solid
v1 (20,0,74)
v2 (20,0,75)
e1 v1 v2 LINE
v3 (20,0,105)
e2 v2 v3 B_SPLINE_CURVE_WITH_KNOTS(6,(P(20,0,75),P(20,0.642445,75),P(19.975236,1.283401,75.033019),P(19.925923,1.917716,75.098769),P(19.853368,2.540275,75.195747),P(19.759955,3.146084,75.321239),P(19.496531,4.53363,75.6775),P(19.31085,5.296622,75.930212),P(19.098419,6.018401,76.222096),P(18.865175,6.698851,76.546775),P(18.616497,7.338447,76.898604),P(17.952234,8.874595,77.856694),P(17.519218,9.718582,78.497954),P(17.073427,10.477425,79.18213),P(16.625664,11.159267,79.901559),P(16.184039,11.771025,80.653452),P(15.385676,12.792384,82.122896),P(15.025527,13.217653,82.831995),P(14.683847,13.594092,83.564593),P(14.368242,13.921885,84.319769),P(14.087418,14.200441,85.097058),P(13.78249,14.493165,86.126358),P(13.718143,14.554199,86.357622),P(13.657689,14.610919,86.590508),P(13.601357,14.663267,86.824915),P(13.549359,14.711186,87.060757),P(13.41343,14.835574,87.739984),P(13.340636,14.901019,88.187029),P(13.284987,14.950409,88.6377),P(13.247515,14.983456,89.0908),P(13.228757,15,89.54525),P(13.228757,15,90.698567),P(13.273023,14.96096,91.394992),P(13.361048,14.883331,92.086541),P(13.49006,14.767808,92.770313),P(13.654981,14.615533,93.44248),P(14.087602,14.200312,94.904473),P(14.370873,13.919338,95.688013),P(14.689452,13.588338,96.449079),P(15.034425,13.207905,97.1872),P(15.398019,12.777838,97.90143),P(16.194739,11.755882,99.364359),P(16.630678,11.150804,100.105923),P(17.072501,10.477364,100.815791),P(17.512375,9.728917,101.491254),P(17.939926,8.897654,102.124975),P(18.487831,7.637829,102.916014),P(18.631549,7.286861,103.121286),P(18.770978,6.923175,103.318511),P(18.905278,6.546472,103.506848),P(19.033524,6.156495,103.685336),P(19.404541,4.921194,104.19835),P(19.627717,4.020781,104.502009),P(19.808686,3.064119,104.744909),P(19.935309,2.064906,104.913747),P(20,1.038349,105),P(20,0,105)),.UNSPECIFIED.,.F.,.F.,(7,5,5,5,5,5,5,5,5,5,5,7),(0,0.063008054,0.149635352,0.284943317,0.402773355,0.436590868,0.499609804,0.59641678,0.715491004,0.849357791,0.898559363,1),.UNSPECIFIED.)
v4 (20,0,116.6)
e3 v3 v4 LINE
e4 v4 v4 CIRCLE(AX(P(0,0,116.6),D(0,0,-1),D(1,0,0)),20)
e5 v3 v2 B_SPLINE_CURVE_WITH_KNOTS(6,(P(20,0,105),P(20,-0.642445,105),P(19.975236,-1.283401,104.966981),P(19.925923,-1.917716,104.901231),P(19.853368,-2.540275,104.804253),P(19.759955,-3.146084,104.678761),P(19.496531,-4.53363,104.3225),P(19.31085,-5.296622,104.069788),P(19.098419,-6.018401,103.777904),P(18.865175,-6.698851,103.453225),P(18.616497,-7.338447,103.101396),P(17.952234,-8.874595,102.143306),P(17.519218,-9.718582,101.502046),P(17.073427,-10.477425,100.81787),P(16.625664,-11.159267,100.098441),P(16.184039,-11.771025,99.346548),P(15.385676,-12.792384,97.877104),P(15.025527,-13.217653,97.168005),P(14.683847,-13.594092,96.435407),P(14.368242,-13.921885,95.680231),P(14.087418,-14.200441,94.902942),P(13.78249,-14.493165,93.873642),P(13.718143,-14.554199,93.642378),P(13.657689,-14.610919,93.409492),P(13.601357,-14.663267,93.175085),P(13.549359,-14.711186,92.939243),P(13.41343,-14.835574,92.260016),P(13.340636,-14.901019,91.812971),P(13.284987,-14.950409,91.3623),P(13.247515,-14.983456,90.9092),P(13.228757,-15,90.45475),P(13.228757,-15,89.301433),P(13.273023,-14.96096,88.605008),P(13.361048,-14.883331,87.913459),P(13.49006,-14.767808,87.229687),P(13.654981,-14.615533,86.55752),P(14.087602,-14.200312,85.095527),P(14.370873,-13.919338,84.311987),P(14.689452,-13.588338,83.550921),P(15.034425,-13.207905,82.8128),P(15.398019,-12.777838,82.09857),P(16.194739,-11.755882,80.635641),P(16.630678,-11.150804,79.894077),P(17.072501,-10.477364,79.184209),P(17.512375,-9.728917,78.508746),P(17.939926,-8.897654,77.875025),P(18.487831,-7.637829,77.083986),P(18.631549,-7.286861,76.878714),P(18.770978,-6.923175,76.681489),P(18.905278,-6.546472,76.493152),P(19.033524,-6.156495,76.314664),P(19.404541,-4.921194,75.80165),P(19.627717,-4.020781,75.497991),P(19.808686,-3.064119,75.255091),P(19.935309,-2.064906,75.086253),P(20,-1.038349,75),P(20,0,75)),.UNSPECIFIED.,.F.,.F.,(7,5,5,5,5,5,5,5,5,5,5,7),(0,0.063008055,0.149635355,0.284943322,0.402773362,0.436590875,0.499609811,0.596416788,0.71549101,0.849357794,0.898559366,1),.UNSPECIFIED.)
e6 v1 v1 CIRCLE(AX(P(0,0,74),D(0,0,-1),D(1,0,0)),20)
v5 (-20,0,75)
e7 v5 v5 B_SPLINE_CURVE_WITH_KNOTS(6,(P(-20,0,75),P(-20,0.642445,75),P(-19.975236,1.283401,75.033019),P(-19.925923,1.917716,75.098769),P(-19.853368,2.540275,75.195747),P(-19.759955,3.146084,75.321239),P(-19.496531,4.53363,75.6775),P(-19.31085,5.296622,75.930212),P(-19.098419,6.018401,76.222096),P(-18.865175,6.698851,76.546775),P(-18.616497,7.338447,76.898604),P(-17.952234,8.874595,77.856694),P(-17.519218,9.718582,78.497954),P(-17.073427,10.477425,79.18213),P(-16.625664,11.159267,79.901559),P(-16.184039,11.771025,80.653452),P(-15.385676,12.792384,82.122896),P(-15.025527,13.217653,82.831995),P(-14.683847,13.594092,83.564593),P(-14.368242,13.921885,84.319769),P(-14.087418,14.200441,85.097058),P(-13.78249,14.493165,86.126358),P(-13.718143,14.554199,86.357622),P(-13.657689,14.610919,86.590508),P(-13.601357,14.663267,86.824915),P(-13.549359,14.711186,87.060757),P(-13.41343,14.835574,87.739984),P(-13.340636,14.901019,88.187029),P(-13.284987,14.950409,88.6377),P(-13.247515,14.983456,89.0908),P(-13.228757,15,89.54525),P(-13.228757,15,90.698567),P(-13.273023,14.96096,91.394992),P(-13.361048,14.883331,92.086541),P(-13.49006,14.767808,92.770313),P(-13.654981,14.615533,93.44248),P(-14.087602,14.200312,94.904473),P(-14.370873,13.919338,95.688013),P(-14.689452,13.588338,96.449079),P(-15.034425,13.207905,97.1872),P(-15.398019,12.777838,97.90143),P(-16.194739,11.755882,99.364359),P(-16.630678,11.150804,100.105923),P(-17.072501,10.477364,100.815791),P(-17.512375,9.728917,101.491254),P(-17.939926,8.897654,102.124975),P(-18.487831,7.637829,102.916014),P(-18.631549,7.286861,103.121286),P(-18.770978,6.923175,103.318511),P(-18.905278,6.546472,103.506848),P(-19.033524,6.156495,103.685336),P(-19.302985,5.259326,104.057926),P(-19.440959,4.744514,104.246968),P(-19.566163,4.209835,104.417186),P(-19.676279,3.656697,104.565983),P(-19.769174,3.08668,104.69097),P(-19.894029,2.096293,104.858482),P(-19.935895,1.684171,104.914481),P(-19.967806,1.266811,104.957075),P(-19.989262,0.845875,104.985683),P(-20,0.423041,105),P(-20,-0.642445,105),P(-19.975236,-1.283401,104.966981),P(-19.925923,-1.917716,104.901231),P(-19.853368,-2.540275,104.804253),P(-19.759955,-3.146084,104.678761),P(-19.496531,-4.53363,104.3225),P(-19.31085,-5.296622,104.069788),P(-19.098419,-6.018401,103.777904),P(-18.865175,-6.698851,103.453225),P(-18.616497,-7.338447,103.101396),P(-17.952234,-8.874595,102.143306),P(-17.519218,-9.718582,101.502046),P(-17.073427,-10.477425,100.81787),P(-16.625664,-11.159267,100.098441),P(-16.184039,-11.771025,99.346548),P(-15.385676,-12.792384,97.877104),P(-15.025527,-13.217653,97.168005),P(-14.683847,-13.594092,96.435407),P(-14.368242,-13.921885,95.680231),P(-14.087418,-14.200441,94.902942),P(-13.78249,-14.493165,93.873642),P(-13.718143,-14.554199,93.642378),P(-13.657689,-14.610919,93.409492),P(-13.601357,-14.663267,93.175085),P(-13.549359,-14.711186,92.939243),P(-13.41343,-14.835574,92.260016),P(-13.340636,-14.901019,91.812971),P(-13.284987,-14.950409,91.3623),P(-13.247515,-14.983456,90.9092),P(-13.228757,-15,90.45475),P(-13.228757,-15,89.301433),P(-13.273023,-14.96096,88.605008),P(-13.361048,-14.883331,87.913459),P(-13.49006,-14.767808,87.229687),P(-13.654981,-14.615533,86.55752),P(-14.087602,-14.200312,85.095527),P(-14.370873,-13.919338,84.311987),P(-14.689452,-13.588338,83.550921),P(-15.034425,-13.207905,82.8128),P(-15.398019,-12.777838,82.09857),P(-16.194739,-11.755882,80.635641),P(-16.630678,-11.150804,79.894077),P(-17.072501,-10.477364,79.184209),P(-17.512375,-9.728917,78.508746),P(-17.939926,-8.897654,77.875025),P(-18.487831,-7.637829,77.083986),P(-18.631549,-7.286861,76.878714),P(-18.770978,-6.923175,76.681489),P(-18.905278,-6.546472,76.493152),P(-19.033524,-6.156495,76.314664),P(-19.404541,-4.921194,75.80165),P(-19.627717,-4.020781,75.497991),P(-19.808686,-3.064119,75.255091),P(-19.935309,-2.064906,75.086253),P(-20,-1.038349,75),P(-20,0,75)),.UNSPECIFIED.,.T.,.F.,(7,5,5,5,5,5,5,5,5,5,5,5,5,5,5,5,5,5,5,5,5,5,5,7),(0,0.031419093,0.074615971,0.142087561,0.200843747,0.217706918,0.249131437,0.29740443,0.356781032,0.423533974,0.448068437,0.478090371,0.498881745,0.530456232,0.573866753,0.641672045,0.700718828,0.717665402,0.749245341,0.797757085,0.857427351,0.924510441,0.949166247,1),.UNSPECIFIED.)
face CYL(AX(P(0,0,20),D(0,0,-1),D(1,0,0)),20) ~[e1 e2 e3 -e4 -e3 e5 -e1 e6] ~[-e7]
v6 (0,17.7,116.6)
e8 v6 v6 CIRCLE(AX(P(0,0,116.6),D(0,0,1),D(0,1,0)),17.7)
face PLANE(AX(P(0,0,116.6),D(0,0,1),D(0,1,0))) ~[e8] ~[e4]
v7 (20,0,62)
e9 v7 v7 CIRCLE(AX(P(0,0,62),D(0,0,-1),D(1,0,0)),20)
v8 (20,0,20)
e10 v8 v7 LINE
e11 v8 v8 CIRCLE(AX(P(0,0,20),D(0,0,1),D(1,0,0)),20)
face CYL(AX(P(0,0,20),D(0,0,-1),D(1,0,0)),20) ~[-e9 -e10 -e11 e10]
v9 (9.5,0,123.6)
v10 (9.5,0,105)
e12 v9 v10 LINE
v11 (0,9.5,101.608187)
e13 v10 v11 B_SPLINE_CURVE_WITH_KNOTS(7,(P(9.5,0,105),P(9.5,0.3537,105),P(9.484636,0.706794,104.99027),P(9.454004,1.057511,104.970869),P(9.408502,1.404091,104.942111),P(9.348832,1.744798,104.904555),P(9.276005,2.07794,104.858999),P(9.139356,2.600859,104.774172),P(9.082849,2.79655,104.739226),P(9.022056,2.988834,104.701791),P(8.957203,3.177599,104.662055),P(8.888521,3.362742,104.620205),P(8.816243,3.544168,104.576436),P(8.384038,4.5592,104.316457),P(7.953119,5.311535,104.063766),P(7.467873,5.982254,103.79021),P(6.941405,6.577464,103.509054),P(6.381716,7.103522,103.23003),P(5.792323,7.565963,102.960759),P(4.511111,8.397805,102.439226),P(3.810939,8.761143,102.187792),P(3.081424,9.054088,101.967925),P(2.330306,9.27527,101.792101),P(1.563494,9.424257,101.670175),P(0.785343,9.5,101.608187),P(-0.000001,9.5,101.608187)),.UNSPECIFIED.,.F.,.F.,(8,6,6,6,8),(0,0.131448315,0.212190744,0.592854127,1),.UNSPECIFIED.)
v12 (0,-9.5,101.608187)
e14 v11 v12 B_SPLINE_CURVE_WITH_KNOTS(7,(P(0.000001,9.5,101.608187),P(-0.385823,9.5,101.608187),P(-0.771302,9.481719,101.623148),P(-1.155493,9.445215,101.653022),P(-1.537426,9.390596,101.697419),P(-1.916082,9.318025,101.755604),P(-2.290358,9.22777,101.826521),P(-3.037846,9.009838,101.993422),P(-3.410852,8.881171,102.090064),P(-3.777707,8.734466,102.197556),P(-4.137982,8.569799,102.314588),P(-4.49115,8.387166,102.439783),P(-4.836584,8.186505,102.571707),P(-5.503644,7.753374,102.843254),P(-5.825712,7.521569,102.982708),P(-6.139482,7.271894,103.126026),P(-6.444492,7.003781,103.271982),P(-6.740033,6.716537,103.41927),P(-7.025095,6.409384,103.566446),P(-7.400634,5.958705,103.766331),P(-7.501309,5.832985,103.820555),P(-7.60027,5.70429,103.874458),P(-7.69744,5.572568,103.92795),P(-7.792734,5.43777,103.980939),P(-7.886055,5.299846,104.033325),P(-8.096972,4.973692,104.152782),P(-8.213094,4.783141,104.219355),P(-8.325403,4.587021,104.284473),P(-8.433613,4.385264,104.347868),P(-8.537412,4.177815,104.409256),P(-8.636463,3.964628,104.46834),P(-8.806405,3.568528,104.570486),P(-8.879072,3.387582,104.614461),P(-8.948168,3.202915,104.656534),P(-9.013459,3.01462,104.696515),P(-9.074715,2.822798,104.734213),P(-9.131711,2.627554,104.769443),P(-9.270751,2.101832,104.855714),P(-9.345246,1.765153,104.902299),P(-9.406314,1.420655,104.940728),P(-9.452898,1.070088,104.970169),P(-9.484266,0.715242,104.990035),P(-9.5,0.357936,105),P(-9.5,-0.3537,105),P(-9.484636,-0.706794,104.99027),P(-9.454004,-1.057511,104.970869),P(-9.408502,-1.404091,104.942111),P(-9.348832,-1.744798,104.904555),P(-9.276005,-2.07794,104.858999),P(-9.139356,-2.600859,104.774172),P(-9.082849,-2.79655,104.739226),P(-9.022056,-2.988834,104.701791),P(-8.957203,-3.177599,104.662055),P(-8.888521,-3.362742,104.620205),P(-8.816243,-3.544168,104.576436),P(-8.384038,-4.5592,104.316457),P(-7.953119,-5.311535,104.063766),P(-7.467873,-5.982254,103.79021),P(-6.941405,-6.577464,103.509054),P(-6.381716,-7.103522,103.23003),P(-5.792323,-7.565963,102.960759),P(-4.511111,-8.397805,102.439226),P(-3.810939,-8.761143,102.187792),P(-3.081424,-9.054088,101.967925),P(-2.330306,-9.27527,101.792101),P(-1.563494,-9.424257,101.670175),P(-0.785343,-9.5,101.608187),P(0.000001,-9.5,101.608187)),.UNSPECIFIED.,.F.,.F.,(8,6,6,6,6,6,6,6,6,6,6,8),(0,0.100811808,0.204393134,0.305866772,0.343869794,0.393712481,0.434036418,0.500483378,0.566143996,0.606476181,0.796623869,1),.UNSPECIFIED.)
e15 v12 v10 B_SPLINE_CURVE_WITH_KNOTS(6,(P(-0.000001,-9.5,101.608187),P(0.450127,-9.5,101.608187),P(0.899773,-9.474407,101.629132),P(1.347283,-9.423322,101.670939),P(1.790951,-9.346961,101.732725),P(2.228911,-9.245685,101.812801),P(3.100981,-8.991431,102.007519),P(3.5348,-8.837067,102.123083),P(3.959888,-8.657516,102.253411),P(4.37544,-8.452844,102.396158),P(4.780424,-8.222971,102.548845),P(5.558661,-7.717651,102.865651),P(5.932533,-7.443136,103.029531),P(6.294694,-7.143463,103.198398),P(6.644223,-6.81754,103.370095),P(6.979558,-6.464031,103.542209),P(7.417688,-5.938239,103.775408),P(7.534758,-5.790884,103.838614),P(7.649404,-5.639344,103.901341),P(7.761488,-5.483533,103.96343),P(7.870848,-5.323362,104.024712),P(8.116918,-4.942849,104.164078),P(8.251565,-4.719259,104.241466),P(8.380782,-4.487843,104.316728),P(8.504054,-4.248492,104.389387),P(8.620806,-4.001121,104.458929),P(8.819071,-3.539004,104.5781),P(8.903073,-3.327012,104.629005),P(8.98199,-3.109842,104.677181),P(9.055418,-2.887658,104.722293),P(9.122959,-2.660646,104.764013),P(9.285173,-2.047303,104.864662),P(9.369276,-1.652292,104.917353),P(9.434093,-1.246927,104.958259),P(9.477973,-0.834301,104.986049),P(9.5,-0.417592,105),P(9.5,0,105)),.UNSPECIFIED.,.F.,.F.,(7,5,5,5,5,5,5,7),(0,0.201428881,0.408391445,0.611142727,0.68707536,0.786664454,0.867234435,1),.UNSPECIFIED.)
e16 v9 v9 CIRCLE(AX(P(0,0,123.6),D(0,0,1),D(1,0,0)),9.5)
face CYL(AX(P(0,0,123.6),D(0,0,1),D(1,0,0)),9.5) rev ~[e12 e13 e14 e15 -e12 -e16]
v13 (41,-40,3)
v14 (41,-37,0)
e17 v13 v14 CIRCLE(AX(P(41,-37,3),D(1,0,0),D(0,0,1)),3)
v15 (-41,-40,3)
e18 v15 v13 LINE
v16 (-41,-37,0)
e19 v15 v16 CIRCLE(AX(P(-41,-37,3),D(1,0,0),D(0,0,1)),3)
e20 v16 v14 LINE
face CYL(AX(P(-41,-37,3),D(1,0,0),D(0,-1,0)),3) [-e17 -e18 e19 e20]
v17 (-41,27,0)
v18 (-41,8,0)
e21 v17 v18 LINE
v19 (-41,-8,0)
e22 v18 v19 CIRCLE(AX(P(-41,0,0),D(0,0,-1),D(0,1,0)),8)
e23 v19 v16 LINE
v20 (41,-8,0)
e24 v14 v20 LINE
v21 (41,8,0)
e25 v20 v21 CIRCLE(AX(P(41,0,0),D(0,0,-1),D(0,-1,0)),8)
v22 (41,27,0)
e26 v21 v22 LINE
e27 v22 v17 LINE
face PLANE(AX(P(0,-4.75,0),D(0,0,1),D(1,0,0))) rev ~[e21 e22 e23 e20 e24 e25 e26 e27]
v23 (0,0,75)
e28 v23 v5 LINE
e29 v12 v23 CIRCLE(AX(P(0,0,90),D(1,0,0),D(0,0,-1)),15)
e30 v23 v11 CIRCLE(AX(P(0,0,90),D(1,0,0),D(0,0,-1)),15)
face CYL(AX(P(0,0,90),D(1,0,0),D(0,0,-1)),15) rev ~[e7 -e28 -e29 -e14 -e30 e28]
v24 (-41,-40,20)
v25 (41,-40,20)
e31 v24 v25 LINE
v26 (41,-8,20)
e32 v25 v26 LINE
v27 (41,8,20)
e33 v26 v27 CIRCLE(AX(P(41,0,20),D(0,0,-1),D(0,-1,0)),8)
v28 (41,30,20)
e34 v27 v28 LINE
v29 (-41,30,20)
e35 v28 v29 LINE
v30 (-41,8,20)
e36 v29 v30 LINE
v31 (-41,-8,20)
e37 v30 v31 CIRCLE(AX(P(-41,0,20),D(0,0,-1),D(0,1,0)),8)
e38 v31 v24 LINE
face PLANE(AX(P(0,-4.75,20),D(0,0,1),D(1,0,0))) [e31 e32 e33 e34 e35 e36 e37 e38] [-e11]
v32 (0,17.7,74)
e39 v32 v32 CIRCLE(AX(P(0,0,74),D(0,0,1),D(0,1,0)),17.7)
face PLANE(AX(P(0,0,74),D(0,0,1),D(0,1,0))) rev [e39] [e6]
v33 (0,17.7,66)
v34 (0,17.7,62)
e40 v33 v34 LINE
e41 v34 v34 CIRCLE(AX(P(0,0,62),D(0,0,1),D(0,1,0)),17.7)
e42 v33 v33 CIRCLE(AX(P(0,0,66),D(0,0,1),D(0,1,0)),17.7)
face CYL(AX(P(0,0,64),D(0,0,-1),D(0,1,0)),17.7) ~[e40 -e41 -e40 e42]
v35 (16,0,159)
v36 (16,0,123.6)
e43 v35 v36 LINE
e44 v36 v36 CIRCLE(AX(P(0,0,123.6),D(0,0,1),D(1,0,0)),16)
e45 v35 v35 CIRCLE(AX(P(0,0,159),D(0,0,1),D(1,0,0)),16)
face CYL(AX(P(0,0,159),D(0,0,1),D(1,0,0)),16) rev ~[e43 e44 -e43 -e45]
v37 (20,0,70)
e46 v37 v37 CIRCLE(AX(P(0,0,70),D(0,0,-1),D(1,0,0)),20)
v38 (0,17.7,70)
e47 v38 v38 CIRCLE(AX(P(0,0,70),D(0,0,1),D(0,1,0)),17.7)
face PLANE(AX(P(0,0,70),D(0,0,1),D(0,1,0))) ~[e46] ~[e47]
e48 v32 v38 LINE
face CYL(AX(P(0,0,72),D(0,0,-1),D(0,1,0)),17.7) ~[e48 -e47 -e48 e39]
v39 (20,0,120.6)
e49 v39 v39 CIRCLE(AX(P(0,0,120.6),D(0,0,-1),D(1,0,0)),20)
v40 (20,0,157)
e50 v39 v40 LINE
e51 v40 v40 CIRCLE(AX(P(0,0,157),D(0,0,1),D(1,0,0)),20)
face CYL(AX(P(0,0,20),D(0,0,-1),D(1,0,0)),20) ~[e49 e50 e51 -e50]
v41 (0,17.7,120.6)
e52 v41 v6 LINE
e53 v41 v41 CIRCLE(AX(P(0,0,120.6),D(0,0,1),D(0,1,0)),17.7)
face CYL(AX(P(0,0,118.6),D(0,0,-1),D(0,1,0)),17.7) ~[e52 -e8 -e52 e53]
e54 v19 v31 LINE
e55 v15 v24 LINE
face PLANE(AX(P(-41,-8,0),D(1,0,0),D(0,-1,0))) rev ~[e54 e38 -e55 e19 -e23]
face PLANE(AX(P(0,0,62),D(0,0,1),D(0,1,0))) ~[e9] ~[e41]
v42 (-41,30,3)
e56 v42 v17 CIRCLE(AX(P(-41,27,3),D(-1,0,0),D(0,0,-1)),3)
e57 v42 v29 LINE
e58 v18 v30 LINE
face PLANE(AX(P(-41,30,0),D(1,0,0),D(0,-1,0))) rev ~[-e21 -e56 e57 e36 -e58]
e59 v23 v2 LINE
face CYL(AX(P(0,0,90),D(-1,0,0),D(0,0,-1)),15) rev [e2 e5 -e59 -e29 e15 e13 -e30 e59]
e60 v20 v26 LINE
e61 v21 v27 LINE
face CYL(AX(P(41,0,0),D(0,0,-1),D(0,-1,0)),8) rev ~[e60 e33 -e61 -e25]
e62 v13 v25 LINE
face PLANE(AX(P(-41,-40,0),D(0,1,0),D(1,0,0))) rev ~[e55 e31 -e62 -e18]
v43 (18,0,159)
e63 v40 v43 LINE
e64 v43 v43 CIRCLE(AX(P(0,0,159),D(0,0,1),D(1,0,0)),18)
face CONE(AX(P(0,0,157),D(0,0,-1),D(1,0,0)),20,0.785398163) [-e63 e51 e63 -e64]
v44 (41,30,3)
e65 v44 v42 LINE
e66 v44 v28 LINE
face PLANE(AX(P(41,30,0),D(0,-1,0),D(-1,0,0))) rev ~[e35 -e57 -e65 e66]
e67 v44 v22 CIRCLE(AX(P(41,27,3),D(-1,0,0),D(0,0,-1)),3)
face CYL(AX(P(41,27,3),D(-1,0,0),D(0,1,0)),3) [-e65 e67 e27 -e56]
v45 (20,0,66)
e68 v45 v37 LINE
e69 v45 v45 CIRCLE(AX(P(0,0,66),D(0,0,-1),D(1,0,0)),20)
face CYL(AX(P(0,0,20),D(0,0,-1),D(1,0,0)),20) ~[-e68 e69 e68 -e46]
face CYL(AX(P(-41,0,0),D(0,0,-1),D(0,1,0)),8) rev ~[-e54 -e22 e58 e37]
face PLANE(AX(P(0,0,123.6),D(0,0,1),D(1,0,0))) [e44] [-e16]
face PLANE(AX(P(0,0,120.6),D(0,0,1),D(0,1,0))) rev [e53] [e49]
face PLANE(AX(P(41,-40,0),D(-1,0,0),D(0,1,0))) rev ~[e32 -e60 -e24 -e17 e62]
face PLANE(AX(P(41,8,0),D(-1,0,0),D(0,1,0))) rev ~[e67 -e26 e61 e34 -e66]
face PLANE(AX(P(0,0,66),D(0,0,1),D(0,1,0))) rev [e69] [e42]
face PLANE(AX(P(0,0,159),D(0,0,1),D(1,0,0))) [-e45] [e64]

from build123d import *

# Parameters (mm, degrees)
BOSS_EXTRUDE1_DEPTH     = 20
SKETCH2_R               = 20
BOSS_EXTRUDE2_DEPTH     = 139
SKETCH3_R               = 15
CUT_EXTRUDE1_DEPTH      = 42
CUT_EXTRUDE1_DEPTH_BACK = 42
SKETCH4_W               = 4
SKETCH4_H               = 2.3
SKETCH5_R               = 16
CUT_EXTRUDE2_DEPTH      = 35.4
SKETCH6_R               = 9.5
CUT_EXTRUDE3_DEPTH      = 22
CHAMFER1_SIZE           = 2
FILLET1_R               = 3


with BuildPart() as part:
    # Sketch1 → Boss-Extrude1 (new body)
    with BuildSketch(Plane.XY):
        with BuildLine():
            Line((-41, -8), (-41, -40))
            Line((-41, -40), (41, -40))
            Line((41, -40), (41, -8))
            ThreePointArc((41, -8), (33, 0), (41, 8))
            Line((41, 8), (41, 30))
            Line((41, 30), (-41, 30))
            Line((-41, 30), (-41, 8))
            ThreePointArc((-41, 8), (-33, 0), (-41, -8))
        make_face()
    extrude(amount=BOSS_EXTRUDE1_DEPTH)

    # Sketch2 → Boss-Extrude2 (add)
    with BuildSketch(Plane.XY.offset(20)):
        Circle(SKETCH2_R)
    extrude(amount=BOSS_EXTRUDE2_DEPTH)

    # Sketch3 → Cut-Extrude1 (cut, two sides)
    with BuildSketch(Plane(origin=(0, 0, 0), x_dir=(0, 0, -1), z_dir=(1, 0, 0))) as cut_extrude1_sk:
        with Locations((-90, 0)):
            Circle(SKETCH3_R)
    extrude(amount=CUT_EXTRUDE1_DEPTH, mode=Mode.SUBTRACT)
    extrude(cut_extrude1_sk.sketch, amount=-CUT_EXTRUDE1_DEPTH_BACK, mode=Mode.SUBTRACT)

    # Sketch4 → Cut-Revolve1 (revolve, cut)
    with BuildSketch(Plane(origin=(0, 0, 0), x_dir=(0, 0, -1), z_dir=(1, 0, 0))):
        with Locations((-64, 18.85)):
            Rectangle(SKETCH4_W, SKETCH4_H)
        with Locations((-72, 18.85)):
            Rectangle(SKETCH4_W, SKETCH4_H)
        with Locations((-118.6, 18.85)):
            Rectangle(SKETCH4_W, SKETCH4_H)
    revolve(axis=Axis((0, 0, 0), (0, 0, 1)), mode=Mode.SUBTRACT)

    # Sketch5 → Cut-Extrude2 (cut)
    with BuildSketch(Plane.XY.offset(159)):
        Circle(SKETCH5_R)
    extrude(amount=-CUT_EXTRUDE2_DEPTH, mode=Mode.SUBTRACT)

    # Sketch6 → Cut-Extrude3 (cut)
    with BuildSketch(Plane.XY.offset(123.6)):
        Circle(SKETCH6_R)
    extrude(amount=-CUT_EXTRUDE3_DEPTH, mode=Mode.SUBTRACT)

    # Chamfer1
    chamfer1_edges = [part.edges().sort_by_distance(p)[0] for p in [
        (-20, 0, 159),
    ]]
    chamfer(chamfer1_edges, length=CHAMFER1_SIZE)

    # Fillet1
    fillet1_edges = [part.edges().sort_by_distance(p)[0] for p in [
        (0, -40, 0),
        (0, 30, 0),
    ]]
    fillet(fillet1_edges, radius=FILLET1_R)


solid = part.part
